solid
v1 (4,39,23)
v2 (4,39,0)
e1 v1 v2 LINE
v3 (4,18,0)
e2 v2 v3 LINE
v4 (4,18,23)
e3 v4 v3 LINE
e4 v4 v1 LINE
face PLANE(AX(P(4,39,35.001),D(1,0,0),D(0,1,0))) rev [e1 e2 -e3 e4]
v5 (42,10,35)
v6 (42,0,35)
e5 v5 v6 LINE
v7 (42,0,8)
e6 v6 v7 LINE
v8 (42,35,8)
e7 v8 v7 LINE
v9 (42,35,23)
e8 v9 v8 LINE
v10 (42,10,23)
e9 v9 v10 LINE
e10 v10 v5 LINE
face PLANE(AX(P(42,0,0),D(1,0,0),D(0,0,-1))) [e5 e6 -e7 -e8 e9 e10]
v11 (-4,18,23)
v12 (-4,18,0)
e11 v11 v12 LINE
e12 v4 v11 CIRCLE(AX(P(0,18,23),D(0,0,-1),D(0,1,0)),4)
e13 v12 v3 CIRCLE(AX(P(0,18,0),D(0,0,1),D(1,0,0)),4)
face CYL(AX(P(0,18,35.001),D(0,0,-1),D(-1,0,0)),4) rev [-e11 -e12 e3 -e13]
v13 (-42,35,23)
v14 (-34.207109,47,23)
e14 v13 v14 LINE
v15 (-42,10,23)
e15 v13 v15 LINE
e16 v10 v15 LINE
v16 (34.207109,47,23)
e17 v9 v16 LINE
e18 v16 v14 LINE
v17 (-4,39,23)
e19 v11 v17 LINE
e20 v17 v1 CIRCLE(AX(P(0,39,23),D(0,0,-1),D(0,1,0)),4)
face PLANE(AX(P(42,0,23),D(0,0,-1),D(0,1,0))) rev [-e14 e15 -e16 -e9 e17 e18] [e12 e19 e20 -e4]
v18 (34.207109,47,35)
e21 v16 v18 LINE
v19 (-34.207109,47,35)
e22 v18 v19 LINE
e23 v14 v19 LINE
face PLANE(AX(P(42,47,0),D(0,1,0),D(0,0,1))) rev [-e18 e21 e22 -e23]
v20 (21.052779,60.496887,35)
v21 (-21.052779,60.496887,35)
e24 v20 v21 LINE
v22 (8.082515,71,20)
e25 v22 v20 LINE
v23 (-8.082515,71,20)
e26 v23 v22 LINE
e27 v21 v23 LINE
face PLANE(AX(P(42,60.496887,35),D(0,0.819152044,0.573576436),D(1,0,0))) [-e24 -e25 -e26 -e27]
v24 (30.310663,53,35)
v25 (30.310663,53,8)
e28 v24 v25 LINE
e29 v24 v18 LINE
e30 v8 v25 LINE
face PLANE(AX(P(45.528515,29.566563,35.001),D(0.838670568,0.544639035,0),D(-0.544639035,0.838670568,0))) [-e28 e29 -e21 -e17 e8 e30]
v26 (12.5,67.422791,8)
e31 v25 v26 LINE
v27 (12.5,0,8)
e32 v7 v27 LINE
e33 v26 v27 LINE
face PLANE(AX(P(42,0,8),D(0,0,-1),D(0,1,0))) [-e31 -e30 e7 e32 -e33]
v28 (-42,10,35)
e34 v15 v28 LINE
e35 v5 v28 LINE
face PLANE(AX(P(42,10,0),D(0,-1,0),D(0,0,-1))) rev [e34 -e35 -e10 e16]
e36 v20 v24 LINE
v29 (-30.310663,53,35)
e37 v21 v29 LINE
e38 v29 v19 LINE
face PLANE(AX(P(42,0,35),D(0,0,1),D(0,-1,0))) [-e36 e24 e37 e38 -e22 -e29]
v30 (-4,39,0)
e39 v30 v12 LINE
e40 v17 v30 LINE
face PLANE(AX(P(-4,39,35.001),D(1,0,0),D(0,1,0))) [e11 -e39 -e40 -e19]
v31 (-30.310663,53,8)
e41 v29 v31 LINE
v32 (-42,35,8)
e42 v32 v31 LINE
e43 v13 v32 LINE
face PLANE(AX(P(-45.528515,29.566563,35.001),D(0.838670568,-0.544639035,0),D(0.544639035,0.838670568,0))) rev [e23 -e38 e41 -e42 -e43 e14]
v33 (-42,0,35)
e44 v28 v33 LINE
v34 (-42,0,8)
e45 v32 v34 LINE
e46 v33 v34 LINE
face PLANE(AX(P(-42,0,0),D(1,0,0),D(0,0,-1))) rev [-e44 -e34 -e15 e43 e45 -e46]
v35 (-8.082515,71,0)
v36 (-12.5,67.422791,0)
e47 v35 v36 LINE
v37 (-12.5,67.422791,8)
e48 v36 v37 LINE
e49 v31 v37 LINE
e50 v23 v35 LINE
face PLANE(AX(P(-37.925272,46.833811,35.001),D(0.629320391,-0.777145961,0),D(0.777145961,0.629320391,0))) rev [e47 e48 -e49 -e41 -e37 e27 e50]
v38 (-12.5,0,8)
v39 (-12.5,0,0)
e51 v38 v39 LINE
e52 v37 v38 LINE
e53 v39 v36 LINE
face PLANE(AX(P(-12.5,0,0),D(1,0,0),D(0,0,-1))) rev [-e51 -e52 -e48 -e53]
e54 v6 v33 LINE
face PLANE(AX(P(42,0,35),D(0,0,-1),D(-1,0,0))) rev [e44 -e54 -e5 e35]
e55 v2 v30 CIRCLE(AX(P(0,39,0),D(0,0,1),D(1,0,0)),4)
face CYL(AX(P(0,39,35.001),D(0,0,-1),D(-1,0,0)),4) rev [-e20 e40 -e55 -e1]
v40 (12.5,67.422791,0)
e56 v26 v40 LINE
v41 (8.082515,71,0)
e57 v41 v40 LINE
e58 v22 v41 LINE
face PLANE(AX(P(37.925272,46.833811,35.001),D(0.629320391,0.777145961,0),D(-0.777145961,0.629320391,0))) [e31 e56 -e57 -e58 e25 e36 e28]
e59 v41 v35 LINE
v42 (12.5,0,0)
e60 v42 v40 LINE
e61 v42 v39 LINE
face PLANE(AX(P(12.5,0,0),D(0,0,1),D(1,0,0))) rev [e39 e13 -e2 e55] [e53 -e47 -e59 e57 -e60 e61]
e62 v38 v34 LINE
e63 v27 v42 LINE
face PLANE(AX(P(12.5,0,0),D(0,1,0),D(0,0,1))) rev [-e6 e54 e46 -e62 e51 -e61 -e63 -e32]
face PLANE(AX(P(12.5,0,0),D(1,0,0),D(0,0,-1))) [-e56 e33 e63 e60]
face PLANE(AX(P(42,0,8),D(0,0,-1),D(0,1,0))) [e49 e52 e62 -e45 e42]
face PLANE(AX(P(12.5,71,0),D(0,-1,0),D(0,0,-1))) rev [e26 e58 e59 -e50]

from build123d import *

# Parameters (mm, degrees)
SKETCH1_W           = 8
SKETCH1_H           = 71
BOSS_EXTRUDE1_DEPTH = 12.5
BOSS_EXTRUDE2_DEPTH = 42
CUT_EXTRUDE1_REACH  = 91.61
CHAMFER1_SIZE       = 15
CHAMFER1_SIZE2      = 10.503113073


with BuildPart() as part:
    # Sketch1 → Boss-Extrude1 (new, symmetric)
    with BuildSketch(Plane(origin=(0, 0, 0), x_dir=(0, 0, -1), z_dir=(1, 0, 0))):
        with Locations((-4, 35.5)):
            Rectangle(SKETCH1_W, SKETCH1_H)
    extrude(amount=BOSS_EXTRUDE1_DEPTH, both=True)

    # Sketch1<3> → Boss-Extrude2 (add, symmetric)
    with BuildSketch(Plane(origin=(0, 0, 0), x_dir=(0, 0, -1), z_dir=(1, 0, 0))):
        Polygon((-35, 0), (-8, 0), (-8, 71), (-35, 71), (-35, 47), (-23, 47), (-23, 10), (-35, 10), align=None)
    extrude(amount=BOSS_EXTRUDE2_DEPTH, both=True)

    # Sketch2 → Cut-Extrude1 (cut, up to next)
    with BuildSketch(Plane.XY, mode=Mode.PRIVATE) as cut_extrude1_sk1:
        Polygon((42, 71), (8.082514505, 71), (30.310663322, 53), (42, 35), align=None)
    cut_extrude1_tool1 = extrude(cut_extrude1_sk1.sketch, amount=CUT_EXTRUDE1_REACH, mode=Mode.PRIVATE) & part.part
    # Sketch2 → Cut-Extrude1 (cut, up to next)
    with BuildSketch(Plane.XY, mode=Mode.PRIVATE) as cut_extrude1_sk2:
        with BuildLine():
            Line((4, 18), (4, 39))
            ThreePointArc((4, 39), (0, 43), (-4, 39))
            Line((-4, 39), (-4, 18))
            ThreePointArc((-4, 18), (0, 14), (4, 18))
        make_face()
    cut_extrude1_tool2 = extrude(cut_extrude1_sk2.sketch, amount=CUT_EXTRUDE1_REACH, mode=Mode.PRIVATE) & part.part
    # Sketch2 → Cut-Extrude1 (cut, up to next)
    with BuildSketch(Plane.XY, mode=Mode.PRIVATE) as cut_extrude1_sk3:
        Polygon((-8.082514505, 71), (-42, 71), (-42, 35), (-30.310663322, 53), align=None)
    cut_extrude1_tool3 = extrude(cut_extrude1_sk3.sketch, amount=CUT_EXTRUDE1_REACH, mode=Mode.PRIVATE) & part.part
    add(cut_extrude1_tool1.solids().sort_by_distance((31.410867, 60.103615, 0))[0], mode=Mode.SUBTRACT)
    add(cut_extrude1_tool2.solids().sort_by_distance((0, 28.5, 0))[0], mode=Mode.SUBTRACT)
    add(cut_extrude1_tool3.solids().sort_by_distance((-31.410867, 60.103615, 0))[0], mode=Mode.SUBTRACT)

    # Chamfer1
    chamfer1_edges = [part.edges().sort_by_distance(p)[0] for p in [
        (0, 71, 35),
    ]]
    chamfer1_side = [part.faces().sort_by_distance(p)[0] for p in [
        (0, 71, 17.5),
    ]]
    chamfer(chamfer1_edges, length=CHAMFER1_SIZE, length2=CHAMFER1_SIZE2, reference=chamfer1_side[0])


solid = part.part
